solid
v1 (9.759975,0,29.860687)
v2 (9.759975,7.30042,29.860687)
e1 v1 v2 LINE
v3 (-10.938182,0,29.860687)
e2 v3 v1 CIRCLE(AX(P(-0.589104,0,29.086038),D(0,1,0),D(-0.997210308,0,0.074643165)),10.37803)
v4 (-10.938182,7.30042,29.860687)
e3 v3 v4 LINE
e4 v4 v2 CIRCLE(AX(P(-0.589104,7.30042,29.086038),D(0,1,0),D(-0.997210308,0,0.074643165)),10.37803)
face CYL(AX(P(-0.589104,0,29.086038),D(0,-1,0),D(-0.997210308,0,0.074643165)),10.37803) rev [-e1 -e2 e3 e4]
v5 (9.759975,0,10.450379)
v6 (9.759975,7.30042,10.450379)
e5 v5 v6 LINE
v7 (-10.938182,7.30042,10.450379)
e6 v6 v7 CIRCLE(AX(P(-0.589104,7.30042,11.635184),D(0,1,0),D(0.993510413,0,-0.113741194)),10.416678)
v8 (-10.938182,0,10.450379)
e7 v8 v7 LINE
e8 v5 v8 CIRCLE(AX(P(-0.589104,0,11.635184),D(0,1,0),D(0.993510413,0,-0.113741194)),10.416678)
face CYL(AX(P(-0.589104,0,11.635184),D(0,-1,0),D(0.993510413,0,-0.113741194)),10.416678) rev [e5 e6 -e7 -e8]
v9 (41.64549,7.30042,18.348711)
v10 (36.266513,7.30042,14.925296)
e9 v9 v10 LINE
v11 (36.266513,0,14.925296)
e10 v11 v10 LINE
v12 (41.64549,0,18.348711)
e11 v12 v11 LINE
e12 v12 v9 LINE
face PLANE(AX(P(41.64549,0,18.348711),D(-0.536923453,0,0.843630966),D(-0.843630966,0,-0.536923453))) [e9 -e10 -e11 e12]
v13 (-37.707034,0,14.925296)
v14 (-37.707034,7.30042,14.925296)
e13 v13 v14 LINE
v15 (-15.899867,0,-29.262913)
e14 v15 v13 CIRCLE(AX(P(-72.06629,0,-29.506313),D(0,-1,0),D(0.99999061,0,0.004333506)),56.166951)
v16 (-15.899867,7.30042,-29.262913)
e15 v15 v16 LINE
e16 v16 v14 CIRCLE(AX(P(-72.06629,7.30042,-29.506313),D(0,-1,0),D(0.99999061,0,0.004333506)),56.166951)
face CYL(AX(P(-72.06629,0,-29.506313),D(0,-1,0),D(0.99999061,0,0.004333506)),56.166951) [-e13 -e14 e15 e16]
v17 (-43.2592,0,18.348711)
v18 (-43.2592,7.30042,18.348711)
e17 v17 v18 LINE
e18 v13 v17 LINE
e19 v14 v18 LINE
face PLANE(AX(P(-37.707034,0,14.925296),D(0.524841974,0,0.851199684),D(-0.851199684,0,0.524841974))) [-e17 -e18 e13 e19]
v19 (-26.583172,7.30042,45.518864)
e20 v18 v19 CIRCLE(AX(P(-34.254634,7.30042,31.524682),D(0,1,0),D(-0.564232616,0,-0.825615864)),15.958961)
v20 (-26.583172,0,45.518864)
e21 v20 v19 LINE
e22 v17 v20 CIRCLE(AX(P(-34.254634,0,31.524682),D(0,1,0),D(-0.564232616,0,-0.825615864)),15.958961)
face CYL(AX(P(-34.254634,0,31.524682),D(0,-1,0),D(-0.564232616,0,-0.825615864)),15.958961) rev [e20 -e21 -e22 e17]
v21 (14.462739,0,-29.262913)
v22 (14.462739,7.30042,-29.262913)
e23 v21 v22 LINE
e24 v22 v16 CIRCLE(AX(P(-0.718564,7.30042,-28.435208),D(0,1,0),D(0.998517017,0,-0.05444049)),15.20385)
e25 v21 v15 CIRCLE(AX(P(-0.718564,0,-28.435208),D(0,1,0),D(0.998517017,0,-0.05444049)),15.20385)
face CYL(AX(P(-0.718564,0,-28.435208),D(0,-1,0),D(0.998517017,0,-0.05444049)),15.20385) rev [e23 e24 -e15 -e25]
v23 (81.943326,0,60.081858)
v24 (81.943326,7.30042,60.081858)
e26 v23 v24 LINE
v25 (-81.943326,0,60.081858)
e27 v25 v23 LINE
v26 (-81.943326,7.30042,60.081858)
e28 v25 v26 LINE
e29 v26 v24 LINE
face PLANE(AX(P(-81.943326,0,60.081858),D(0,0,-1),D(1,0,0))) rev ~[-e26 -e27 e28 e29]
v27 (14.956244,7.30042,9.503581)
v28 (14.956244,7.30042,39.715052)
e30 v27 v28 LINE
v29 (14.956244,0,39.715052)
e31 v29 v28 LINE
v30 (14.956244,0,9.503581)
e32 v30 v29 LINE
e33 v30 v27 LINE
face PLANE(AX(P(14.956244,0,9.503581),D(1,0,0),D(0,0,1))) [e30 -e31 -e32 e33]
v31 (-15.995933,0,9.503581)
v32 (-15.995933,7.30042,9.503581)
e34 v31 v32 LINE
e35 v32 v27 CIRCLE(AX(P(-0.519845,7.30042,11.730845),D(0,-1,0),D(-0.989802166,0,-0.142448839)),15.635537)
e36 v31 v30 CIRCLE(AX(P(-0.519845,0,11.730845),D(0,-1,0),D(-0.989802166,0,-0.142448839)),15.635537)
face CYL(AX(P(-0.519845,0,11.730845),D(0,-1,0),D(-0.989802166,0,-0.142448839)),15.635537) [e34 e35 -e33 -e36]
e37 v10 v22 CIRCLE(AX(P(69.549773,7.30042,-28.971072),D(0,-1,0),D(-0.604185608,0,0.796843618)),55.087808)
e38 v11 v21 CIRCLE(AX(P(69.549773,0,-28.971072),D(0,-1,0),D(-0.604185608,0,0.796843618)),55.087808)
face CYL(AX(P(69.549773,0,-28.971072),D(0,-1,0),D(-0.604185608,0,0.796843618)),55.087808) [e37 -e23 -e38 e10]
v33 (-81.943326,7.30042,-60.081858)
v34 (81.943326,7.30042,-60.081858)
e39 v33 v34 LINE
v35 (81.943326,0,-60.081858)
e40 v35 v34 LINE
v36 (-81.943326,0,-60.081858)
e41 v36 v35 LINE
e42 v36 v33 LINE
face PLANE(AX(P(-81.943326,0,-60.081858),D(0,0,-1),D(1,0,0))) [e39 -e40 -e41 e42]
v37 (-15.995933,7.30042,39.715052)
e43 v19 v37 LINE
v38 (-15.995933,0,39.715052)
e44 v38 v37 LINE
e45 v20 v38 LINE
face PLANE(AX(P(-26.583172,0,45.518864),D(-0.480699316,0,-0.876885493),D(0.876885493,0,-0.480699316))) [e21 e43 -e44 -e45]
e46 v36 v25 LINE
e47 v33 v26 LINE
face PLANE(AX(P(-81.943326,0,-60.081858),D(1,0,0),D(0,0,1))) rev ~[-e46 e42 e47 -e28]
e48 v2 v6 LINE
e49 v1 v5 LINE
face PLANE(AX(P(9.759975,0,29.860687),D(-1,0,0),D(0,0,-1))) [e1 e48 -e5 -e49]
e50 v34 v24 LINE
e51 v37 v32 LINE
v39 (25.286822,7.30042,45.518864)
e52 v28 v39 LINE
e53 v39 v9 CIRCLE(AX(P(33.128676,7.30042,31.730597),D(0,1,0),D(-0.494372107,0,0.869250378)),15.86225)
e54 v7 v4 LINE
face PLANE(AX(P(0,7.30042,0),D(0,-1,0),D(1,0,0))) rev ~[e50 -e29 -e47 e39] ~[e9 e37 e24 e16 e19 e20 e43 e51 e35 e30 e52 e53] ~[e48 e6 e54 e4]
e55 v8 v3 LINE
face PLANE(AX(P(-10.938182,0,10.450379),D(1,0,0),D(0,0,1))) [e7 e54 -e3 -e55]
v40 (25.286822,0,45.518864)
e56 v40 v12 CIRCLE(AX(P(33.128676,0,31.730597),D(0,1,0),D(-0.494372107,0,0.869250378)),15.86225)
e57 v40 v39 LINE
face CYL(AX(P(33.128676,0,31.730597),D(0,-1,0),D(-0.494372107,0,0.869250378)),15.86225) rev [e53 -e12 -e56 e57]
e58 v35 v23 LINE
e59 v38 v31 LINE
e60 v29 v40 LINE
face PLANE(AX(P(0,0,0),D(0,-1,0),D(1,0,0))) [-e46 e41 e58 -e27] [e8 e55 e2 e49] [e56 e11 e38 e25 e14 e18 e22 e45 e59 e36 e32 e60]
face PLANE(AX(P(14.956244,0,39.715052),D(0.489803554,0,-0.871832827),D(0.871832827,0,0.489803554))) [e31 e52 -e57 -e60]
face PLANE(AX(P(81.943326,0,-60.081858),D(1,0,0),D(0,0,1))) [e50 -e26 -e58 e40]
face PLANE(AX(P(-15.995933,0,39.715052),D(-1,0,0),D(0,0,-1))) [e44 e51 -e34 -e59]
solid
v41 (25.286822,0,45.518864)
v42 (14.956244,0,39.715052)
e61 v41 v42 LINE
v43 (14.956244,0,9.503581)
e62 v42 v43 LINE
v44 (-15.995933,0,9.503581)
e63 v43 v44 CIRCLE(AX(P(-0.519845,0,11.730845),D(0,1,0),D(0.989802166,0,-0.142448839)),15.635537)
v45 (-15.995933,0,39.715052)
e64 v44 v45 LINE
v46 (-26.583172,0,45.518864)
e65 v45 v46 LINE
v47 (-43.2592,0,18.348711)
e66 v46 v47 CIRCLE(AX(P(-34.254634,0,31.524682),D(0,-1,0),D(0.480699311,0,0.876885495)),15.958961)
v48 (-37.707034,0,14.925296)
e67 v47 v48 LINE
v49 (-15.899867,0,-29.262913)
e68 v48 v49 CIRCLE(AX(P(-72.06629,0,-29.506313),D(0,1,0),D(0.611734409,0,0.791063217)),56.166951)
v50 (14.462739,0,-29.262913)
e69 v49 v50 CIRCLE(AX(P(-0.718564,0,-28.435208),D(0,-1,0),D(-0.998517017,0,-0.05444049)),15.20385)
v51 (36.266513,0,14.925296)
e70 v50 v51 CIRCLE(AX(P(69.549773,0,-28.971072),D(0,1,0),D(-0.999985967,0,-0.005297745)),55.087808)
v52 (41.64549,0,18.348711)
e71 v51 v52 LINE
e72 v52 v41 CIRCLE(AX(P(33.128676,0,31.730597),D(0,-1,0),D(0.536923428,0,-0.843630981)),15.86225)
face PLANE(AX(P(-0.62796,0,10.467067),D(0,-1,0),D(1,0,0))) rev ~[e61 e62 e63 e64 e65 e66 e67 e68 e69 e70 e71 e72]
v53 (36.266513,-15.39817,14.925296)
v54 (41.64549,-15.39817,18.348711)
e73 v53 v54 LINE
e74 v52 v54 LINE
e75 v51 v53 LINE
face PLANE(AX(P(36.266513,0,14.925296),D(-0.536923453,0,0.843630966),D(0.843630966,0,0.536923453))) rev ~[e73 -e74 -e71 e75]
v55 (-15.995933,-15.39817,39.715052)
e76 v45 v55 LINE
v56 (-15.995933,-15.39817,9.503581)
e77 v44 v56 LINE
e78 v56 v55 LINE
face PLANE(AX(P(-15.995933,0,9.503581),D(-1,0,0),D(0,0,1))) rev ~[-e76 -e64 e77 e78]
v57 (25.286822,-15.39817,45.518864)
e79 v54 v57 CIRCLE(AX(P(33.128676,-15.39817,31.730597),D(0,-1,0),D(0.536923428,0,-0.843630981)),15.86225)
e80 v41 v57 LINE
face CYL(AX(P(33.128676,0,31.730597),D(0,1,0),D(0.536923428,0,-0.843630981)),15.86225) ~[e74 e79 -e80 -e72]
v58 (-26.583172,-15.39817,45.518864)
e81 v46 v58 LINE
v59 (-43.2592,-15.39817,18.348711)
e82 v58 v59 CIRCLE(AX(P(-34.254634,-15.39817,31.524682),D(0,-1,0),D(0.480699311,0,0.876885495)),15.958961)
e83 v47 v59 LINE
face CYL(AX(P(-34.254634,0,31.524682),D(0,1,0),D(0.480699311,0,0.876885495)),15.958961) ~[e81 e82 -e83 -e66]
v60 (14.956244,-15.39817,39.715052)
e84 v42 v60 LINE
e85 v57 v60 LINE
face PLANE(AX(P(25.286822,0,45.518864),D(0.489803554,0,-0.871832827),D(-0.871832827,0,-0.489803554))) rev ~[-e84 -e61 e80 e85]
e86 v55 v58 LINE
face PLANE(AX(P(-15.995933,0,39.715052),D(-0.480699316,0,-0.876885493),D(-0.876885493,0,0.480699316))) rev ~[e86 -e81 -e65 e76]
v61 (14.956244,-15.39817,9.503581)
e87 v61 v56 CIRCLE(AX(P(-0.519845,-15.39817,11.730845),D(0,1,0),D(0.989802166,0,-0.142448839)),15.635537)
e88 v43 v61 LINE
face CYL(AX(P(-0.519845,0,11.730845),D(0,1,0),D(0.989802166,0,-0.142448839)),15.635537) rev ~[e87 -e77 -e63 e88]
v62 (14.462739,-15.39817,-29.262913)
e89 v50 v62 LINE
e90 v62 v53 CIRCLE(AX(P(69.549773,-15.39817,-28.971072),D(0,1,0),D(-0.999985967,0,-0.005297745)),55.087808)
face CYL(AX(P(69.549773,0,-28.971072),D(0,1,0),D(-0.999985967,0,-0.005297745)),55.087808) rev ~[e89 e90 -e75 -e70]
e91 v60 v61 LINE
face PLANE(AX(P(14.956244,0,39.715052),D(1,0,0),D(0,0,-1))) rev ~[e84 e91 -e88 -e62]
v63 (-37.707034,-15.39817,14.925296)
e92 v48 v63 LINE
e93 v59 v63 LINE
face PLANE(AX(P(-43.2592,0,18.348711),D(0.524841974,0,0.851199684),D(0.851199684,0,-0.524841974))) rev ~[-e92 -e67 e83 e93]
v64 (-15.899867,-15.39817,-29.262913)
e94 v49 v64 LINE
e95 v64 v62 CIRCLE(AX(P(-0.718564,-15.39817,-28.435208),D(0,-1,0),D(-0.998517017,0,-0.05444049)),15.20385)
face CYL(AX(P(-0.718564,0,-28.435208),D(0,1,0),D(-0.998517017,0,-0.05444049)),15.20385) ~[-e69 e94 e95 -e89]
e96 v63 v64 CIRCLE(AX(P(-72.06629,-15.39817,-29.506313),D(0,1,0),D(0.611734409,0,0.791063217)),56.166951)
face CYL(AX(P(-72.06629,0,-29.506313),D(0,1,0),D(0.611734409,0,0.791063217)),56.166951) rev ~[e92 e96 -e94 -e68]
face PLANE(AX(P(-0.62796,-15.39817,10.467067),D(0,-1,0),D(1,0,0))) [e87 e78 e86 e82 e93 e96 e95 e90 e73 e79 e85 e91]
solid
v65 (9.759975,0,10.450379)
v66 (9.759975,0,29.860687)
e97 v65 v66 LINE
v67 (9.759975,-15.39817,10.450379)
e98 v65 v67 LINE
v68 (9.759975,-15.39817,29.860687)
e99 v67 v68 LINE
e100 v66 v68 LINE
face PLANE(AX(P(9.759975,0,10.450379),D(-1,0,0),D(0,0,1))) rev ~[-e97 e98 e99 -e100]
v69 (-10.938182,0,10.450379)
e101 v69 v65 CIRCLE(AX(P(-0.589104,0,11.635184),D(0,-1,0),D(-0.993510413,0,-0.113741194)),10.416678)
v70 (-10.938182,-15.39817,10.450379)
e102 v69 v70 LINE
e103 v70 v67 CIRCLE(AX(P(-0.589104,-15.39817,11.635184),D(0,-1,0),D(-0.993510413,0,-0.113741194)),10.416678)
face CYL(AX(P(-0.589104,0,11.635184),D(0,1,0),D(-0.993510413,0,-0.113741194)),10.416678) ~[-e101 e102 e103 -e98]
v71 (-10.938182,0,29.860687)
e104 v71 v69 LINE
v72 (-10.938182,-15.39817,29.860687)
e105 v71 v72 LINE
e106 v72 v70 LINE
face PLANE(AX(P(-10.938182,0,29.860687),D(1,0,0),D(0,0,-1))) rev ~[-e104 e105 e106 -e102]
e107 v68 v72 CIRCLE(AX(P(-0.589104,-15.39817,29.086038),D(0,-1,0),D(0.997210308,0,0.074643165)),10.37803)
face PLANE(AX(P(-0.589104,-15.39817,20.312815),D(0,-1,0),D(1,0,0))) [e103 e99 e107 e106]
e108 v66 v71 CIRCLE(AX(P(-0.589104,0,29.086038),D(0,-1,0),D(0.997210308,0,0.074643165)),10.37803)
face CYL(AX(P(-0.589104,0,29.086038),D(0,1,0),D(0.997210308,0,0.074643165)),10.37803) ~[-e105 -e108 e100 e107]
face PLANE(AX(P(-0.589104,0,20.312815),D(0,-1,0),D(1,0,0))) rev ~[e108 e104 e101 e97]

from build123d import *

# Parameters (mm, degrees)
F1_DEPTH = 15.39817
F0_W     = 163.886652
F0_H     = 120.163716
F2_DEPTH = 7.30042


with BuildPart() as f1:
    # F0 (on Front) → F1 (new body)
    with BuildSketch(Plane.XZ):
        with BuildLine():
            Line((25.286822, 45.518864), (14.956244, 39.715052))
            Line((14.956244, 39.715052), (14.956244, 9.503581))
            ThreePointArc((14.956244, 9.503581), (-0.519844, -3.904692), (-15.995933, 9.503581))
            Line((-15.995933, 9.503581), (-15.995933, 39.715052))
            Line((-15.995933, 39.715052), (-26.583172, 45.518864))
            ThreePointArc((-26.583172, 45.518864), (-47.856053, 39.872726), (-43.2592, 18.348711))
            Line((-43.2592, 18.348711), (-37.707034, 14.925296))
            ThreePointArc((-37.707034, 14.925296), (-21.698899, -4.649679), (-15.899867, -29.262913))
            ThreePointArc((-15.899867, -29.262913), (-0.718564, -43.639058), (14.462739, -29.262913))
            ThreePointArc((14.462739, -29.262913), (20.148592, -4.595063), (36.266513, 14.925296))
            Line((36.266513, 14.925296), (41.64549, 18.348711))
            ThreePointArc((41.64549, 18.348711), (46.717944, 39.912454), (25.286822, 45.518864))
        make_face()
        with BuildLine():
            ThreePointArc((9.759975, 29.860687), (-0.589103, 39.464068), (-10.938182, 29.860687))
            Line((-10.938182, 29.860687), (-10.938182, 10.450379))
            ThreePointArc((-10.938182, 10.450379), (-0.589103, 1.218506), (9.759975, 10.450379))
            Line((9.759975, 10.450379), (9.759975, 29.860687))
        make_face()
    extrude(amount=F1_DEPTH)


with BuildPart() as f2:
    # F0 (on Front) → F2 (new body)
    with BuildSketch(Plane.XZ):
        Rectangle(F0_W, F0_H)
        with BuildLine():
            Line((14.956244, 9.503581), (14.956244, 39.715052))
            Line((14.956244, 39.715052), (25.286822, 45.518864))
            ThreePointArc((25.286822, 45.518864), (46.717944, 39.912454), (41.64549, 18.348711))
            Line((41.64549, 18.348711), (36.266513, 14.925296))
            ThreePointArc((36.266513, 14.925296), (20.148592, -4.595063), (14.462739, -29.262913))
            ThreePointArc((14.462739, -29.262913), (-0.718564, -43.639058), (-15.899867, -29.262913))
            ThreePointArc((-15.899867, -29.262913), (-21.698899, -4.649679), (-37.707034, 14.925296))
            Line((-37.707034, 14.925296), (-43.2592, 18.348711))
            ThreePointArc((-43.2592, 18.348711), (-47.856053, 39.872726), (-26.583172, 45.518864))
            Line((-26.583172, 45.518864), (-15.995933, 39.715052))
            Line((-15.995933, 39.715052), (-15.995933, 9.503581))
            ThreePointArc((-15.995933, 9.503581), (-0.519844, -3.904692), (14.956244, 9.503581))
        make_face(mode=Mode.SUBTRACT)
        with BuildLine():
            Line((-10.938182, 10.450379), (-10.938182, 29.860687))
            ThreePointArc((-10.938182, 29.860687), (-0.589103, 39.464068), (9.759975, 29.860687))
            Line((9.759975, 29.860687), (9.759975, 10.450379))
            ThreePointArc((9.759975, 10.450379), (-0.589103, 1.218506), (-10.938182, 10.450379))
        make_face(mode=Mode.SUBTRACT)
    extrude(amount=-F2_DEPTH)


solid = Compound([f1.part, f2.part])
